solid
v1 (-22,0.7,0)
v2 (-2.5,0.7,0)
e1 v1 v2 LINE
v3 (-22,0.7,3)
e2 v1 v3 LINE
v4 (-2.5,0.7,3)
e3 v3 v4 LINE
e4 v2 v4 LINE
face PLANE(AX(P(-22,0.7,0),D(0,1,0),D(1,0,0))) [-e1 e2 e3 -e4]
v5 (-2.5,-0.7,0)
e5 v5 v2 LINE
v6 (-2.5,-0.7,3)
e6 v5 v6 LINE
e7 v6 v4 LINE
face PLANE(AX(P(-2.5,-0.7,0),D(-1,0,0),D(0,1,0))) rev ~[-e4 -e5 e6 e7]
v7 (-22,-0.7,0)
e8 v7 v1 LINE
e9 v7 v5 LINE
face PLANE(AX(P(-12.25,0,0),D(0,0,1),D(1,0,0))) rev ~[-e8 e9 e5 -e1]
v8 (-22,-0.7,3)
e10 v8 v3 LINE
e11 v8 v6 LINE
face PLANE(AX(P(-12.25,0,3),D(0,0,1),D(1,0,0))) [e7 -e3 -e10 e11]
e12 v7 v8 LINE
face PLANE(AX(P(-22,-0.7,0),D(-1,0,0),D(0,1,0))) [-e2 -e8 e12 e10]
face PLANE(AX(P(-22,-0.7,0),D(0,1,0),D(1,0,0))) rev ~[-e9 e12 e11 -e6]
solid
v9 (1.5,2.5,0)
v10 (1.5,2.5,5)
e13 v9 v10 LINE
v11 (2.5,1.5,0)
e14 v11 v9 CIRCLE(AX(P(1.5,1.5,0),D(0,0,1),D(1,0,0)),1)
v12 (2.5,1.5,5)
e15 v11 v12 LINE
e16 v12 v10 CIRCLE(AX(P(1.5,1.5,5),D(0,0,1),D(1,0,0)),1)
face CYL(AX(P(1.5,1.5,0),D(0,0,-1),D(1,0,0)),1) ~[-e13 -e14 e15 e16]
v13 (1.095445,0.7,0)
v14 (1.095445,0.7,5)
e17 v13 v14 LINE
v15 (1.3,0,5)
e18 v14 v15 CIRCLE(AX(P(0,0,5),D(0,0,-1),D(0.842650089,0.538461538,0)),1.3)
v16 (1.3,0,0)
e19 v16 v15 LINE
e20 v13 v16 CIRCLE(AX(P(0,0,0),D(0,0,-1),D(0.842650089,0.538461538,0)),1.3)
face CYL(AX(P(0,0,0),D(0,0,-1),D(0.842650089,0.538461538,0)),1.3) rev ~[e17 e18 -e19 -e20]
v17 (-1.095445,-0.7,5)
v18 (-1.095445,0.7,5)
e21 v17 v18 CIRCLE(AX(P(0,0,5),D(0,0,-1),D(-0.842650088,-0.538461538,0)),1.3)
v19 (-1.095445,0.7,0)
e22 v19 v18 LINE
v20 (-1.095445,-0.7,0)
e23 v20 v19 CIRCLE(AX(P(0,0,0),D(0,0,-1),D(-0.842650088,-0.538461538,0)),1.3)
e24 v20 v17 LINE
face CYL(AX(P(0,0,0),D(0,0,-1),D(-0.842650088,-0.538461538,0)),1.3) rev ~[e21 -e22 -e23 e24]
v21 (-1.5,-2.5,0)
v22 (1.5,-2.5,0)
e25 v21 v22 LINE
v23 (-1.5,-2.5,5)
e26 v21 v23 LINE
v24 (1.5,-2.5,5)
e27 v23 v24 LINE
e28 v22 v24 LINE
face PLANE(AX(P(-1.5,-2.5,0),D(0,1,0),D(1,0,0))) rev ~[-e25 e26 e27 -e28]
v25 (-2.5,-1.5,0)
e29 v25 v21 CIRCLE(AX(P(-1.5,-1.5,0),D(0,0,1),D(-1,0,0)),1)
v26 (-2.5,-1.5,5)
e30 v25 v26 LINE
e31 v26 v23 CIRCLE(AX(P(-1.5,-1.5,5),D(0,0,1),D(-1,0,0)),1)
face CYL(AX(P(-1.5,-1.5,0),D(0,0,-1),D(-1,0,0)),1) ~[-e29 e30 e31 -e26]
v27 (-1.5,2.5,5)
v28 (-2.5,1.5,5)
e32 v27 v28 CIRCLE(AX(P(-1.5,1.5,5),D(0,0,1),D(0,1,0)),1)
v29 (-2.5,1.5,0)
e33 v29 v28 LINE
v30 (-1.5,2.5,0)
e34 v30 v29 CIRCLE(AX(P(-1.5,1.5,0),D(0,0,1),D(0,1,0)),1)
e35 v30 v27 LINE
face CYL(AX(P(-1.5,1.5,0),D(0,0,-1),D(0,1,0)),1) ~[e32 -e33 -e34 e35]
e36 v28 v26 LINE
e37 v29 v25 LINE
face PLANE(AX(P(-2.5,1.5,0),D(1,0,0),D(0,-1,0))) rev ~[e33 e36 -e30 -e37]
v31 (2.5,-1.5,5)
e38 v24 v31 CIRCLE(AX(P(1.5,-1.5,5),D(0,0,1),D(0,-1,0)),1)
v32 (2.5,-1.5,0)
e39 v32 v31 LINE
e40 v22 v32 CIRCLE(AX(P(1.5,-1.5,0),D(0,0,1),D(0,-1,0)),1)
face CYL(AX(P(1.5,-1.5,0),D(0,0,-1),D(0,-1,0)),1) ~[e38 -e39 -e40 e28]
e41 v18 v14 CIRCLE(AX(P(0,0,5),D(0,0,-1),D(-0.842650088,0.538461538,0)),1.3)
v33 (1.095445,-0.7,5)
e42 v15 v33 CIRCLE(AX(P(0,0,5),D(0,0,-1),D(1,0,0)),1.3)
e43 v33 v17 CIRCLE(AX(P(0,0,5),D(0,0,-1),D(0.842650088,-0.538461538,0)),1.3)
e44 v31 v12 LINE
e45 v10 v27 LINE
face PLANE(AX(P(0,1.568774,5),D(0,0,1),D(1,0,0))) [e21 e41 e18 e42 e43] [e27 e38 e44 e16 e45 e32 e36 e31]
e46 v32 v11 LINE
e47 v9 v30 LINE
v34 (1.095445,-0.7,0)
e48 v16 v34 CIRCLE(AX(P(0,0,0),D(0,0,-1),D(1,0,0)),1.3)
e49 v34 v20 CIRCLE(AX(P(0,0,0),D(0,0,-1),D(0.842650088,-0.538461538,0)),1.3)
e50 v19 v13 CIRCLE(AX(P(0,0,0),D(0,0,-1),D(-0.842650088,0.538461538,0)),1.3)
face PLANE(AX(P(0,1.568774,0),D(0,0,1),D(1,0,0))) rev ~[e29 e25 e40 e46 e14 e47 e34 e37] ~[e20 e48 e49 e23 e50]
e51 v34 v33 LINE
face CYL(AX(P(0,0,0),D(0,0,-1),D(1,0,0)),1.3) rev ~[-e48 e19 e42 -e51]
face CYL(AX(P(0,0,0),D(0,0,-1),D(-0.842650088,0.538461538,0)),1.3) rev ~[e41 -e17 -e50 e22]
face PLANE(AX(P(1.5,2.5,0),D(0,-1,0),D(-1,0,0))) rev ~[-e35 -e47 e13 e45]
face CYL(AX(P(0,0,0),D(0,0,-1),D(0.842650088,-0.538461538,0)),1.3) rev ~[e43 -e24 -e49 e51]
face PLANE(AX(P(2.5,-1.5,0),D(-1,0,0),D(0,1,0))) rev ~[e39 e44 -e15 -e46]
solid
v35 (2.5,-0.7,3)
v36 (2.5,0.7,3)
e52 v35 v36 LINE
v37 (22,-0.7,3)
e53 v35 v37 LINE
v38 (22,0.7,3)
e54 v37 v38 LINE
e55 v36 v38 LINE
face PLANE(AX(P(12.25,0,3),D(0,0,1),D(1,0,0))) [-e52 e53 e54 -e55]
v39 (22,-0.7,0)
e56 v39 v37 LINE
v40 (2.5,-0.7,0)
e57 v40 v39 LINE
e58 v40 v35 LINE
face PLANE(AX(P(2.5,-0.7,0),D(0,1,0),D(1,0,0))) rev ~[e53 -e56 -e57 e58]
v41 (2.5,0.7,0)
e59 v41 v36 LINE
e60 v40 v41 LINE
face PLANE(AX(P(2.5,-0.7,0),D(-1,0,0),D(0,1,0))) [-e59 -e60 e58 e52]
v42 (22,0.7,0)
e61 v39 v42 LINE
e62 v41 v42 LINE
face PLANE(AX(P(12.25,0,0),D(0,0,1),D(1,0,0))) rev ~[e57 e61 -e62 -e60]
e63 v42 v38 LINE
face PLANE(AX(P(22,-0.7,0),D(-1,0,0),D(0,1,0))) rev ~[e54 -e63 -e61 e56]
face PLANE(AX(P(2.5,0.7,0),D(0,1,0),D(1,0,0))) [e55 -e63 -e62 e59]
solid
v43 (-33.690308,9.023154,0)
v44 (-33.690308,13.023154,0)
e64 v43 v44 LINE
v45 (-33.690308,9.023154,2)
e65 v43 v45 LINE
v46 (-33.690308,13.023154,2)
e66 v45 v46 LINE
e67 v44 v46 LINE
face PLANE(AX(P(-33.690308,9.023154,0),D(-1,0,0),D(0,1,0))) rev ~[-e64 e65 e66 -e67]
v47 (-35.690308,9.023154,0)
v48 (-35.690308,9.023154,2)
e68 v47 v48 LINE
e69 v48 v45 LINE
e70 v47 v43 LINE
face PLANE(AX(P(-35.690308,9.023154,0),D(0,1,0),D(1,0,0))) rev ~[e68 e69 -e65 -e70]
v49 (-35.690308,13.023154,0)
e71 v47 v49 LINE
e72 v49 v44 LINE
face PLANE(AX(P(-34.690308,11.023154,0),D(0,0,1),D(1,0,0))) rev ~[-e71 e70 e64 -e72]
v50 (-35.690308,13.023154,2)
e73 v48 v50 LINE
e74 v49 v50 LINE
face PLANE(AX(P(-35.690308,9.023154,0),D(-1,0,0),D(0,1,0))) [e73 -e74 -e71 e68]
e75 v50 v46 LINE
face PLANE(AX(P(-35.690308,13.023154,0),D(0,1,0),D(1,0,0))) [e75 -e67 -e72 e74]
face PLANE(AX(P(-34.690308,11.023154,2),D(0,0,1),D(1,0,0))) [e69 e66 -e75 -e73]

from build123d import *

# Parameters (mm, degrees)
F0_W     = 19.5
F0_H     = 1.4
F1_DEPTH = 3
F2_DEPTH = 5
F0_W_2   = 2
F0_H_2   = 4
F3_DEPTH = 2


with BuildPart() as f1:
    # F0 (on Top) → F1 (new body)
    with BuildSketch(Plane.XY):
        with Locations((-12.25, 0)):
            Rectangle(F0_W, F0_H)
    extrude(amount=F1_DEPTH)


with BuildPart() as f1b:
    # F0 (on Top) → F1, piece 2 (new body)
    with BuildSketch(Plane.XY):
        with Locations((12.25, 0)):
            Rectangle(F0_W, F0_H)
    extrude(amount=F1_DEPTH)


with BuildPart() as f2:
    # F0 (on Top) → F2 (new body)
    with BuildSketch(Plane.XY):
        with BuildLine():
            Line((-2.5, 1.5), (-2.5, 0.7))
            Line((-2.5, 0.7), (-1.095445115, 0.7))
            ThreePointArc((-1.095445115, 0.7), (0, 1.3), (1.095445115, 0.7))
            Line((1.095445115, 0.7), (2.5, 0.7))
            Line((2.5, 0.7), (2.5, 1.5))
            ThreePointArc((2.5, 1.5), (2.2071067812, 2.2071067812), (1.5, 2.5))
            Line((1.5, 2.5), (-1.5, 2.5))
            ThreePointArc((-1.5, 2.5), (-2.2071067812, 2.2071067812), (-2.5, 1.5))
        make_face()
        with BuildLine():
            Line((-1.095445115, 0.7), (-2.5, 0.7))
            Line((-2.5, 0.7), (-2.5, -0.7))
            Line((-2.5, -0.7), (-1.095445115, -0.7))
            ThreePointArc((-1.095445115, -0.7), (-1.3, 0), (-1.095445115, 0.7))
        make_face()
        with BuildLine():
            Line((2.5, 0.7), (1.095445115, 0.7))
            ThreePointArc((1.095445115, 0.7), (1.2478138181, 0.3646377315), (1.3, 0))
            ThreePointArc((1.3, 0), (1.2478138181, -0.3646377315), (1.095445115, -0.7))
            Line((1.095445115, -0.7), (2.5, -0.7))
            Line((2.5, -0.7), (2.5, 0.7))
        make_face()
        with BuildLine():
            Line((-1.095445115, -0.7), (-2.5, -0.7))
            Line((-2.5, -0.7), (-2.5, -1.5))
            ThreePointArc((-2.5, -1.5), (-2.2071067812, -2.2071067812), (-1.5, -2.5))
            Line((-1.5, -2.5), (1.5, -2.5))
            ThreePointArc((1.5, -2.5), (2.2071067812, -2.2071067812), (2.5, -1.5))
            Line((2.5, -1.5), (2.5, -0.7))
            Line((2.5, -0.7), (1.095445115, -0.7))
            ThreePointArc((1.095445115, -0.7), (0, -1.3), (-1.095445115, -0.7))
        make_face()
    extrude(amount=F2_DEPTH)


with BuildPart() as f3:
    # F0 (on Top) → F3 (new body)
    with BuildSketch(Plane.XY):
        with Locations((-34.6903076172, 11.0231541544)):
            Rectangle(F0_W_2, F0_H_2)
    extrude(amount=F3_DEPTH)


solid = Compound([f1.part, f1b.part, f2.part, f3.part])
